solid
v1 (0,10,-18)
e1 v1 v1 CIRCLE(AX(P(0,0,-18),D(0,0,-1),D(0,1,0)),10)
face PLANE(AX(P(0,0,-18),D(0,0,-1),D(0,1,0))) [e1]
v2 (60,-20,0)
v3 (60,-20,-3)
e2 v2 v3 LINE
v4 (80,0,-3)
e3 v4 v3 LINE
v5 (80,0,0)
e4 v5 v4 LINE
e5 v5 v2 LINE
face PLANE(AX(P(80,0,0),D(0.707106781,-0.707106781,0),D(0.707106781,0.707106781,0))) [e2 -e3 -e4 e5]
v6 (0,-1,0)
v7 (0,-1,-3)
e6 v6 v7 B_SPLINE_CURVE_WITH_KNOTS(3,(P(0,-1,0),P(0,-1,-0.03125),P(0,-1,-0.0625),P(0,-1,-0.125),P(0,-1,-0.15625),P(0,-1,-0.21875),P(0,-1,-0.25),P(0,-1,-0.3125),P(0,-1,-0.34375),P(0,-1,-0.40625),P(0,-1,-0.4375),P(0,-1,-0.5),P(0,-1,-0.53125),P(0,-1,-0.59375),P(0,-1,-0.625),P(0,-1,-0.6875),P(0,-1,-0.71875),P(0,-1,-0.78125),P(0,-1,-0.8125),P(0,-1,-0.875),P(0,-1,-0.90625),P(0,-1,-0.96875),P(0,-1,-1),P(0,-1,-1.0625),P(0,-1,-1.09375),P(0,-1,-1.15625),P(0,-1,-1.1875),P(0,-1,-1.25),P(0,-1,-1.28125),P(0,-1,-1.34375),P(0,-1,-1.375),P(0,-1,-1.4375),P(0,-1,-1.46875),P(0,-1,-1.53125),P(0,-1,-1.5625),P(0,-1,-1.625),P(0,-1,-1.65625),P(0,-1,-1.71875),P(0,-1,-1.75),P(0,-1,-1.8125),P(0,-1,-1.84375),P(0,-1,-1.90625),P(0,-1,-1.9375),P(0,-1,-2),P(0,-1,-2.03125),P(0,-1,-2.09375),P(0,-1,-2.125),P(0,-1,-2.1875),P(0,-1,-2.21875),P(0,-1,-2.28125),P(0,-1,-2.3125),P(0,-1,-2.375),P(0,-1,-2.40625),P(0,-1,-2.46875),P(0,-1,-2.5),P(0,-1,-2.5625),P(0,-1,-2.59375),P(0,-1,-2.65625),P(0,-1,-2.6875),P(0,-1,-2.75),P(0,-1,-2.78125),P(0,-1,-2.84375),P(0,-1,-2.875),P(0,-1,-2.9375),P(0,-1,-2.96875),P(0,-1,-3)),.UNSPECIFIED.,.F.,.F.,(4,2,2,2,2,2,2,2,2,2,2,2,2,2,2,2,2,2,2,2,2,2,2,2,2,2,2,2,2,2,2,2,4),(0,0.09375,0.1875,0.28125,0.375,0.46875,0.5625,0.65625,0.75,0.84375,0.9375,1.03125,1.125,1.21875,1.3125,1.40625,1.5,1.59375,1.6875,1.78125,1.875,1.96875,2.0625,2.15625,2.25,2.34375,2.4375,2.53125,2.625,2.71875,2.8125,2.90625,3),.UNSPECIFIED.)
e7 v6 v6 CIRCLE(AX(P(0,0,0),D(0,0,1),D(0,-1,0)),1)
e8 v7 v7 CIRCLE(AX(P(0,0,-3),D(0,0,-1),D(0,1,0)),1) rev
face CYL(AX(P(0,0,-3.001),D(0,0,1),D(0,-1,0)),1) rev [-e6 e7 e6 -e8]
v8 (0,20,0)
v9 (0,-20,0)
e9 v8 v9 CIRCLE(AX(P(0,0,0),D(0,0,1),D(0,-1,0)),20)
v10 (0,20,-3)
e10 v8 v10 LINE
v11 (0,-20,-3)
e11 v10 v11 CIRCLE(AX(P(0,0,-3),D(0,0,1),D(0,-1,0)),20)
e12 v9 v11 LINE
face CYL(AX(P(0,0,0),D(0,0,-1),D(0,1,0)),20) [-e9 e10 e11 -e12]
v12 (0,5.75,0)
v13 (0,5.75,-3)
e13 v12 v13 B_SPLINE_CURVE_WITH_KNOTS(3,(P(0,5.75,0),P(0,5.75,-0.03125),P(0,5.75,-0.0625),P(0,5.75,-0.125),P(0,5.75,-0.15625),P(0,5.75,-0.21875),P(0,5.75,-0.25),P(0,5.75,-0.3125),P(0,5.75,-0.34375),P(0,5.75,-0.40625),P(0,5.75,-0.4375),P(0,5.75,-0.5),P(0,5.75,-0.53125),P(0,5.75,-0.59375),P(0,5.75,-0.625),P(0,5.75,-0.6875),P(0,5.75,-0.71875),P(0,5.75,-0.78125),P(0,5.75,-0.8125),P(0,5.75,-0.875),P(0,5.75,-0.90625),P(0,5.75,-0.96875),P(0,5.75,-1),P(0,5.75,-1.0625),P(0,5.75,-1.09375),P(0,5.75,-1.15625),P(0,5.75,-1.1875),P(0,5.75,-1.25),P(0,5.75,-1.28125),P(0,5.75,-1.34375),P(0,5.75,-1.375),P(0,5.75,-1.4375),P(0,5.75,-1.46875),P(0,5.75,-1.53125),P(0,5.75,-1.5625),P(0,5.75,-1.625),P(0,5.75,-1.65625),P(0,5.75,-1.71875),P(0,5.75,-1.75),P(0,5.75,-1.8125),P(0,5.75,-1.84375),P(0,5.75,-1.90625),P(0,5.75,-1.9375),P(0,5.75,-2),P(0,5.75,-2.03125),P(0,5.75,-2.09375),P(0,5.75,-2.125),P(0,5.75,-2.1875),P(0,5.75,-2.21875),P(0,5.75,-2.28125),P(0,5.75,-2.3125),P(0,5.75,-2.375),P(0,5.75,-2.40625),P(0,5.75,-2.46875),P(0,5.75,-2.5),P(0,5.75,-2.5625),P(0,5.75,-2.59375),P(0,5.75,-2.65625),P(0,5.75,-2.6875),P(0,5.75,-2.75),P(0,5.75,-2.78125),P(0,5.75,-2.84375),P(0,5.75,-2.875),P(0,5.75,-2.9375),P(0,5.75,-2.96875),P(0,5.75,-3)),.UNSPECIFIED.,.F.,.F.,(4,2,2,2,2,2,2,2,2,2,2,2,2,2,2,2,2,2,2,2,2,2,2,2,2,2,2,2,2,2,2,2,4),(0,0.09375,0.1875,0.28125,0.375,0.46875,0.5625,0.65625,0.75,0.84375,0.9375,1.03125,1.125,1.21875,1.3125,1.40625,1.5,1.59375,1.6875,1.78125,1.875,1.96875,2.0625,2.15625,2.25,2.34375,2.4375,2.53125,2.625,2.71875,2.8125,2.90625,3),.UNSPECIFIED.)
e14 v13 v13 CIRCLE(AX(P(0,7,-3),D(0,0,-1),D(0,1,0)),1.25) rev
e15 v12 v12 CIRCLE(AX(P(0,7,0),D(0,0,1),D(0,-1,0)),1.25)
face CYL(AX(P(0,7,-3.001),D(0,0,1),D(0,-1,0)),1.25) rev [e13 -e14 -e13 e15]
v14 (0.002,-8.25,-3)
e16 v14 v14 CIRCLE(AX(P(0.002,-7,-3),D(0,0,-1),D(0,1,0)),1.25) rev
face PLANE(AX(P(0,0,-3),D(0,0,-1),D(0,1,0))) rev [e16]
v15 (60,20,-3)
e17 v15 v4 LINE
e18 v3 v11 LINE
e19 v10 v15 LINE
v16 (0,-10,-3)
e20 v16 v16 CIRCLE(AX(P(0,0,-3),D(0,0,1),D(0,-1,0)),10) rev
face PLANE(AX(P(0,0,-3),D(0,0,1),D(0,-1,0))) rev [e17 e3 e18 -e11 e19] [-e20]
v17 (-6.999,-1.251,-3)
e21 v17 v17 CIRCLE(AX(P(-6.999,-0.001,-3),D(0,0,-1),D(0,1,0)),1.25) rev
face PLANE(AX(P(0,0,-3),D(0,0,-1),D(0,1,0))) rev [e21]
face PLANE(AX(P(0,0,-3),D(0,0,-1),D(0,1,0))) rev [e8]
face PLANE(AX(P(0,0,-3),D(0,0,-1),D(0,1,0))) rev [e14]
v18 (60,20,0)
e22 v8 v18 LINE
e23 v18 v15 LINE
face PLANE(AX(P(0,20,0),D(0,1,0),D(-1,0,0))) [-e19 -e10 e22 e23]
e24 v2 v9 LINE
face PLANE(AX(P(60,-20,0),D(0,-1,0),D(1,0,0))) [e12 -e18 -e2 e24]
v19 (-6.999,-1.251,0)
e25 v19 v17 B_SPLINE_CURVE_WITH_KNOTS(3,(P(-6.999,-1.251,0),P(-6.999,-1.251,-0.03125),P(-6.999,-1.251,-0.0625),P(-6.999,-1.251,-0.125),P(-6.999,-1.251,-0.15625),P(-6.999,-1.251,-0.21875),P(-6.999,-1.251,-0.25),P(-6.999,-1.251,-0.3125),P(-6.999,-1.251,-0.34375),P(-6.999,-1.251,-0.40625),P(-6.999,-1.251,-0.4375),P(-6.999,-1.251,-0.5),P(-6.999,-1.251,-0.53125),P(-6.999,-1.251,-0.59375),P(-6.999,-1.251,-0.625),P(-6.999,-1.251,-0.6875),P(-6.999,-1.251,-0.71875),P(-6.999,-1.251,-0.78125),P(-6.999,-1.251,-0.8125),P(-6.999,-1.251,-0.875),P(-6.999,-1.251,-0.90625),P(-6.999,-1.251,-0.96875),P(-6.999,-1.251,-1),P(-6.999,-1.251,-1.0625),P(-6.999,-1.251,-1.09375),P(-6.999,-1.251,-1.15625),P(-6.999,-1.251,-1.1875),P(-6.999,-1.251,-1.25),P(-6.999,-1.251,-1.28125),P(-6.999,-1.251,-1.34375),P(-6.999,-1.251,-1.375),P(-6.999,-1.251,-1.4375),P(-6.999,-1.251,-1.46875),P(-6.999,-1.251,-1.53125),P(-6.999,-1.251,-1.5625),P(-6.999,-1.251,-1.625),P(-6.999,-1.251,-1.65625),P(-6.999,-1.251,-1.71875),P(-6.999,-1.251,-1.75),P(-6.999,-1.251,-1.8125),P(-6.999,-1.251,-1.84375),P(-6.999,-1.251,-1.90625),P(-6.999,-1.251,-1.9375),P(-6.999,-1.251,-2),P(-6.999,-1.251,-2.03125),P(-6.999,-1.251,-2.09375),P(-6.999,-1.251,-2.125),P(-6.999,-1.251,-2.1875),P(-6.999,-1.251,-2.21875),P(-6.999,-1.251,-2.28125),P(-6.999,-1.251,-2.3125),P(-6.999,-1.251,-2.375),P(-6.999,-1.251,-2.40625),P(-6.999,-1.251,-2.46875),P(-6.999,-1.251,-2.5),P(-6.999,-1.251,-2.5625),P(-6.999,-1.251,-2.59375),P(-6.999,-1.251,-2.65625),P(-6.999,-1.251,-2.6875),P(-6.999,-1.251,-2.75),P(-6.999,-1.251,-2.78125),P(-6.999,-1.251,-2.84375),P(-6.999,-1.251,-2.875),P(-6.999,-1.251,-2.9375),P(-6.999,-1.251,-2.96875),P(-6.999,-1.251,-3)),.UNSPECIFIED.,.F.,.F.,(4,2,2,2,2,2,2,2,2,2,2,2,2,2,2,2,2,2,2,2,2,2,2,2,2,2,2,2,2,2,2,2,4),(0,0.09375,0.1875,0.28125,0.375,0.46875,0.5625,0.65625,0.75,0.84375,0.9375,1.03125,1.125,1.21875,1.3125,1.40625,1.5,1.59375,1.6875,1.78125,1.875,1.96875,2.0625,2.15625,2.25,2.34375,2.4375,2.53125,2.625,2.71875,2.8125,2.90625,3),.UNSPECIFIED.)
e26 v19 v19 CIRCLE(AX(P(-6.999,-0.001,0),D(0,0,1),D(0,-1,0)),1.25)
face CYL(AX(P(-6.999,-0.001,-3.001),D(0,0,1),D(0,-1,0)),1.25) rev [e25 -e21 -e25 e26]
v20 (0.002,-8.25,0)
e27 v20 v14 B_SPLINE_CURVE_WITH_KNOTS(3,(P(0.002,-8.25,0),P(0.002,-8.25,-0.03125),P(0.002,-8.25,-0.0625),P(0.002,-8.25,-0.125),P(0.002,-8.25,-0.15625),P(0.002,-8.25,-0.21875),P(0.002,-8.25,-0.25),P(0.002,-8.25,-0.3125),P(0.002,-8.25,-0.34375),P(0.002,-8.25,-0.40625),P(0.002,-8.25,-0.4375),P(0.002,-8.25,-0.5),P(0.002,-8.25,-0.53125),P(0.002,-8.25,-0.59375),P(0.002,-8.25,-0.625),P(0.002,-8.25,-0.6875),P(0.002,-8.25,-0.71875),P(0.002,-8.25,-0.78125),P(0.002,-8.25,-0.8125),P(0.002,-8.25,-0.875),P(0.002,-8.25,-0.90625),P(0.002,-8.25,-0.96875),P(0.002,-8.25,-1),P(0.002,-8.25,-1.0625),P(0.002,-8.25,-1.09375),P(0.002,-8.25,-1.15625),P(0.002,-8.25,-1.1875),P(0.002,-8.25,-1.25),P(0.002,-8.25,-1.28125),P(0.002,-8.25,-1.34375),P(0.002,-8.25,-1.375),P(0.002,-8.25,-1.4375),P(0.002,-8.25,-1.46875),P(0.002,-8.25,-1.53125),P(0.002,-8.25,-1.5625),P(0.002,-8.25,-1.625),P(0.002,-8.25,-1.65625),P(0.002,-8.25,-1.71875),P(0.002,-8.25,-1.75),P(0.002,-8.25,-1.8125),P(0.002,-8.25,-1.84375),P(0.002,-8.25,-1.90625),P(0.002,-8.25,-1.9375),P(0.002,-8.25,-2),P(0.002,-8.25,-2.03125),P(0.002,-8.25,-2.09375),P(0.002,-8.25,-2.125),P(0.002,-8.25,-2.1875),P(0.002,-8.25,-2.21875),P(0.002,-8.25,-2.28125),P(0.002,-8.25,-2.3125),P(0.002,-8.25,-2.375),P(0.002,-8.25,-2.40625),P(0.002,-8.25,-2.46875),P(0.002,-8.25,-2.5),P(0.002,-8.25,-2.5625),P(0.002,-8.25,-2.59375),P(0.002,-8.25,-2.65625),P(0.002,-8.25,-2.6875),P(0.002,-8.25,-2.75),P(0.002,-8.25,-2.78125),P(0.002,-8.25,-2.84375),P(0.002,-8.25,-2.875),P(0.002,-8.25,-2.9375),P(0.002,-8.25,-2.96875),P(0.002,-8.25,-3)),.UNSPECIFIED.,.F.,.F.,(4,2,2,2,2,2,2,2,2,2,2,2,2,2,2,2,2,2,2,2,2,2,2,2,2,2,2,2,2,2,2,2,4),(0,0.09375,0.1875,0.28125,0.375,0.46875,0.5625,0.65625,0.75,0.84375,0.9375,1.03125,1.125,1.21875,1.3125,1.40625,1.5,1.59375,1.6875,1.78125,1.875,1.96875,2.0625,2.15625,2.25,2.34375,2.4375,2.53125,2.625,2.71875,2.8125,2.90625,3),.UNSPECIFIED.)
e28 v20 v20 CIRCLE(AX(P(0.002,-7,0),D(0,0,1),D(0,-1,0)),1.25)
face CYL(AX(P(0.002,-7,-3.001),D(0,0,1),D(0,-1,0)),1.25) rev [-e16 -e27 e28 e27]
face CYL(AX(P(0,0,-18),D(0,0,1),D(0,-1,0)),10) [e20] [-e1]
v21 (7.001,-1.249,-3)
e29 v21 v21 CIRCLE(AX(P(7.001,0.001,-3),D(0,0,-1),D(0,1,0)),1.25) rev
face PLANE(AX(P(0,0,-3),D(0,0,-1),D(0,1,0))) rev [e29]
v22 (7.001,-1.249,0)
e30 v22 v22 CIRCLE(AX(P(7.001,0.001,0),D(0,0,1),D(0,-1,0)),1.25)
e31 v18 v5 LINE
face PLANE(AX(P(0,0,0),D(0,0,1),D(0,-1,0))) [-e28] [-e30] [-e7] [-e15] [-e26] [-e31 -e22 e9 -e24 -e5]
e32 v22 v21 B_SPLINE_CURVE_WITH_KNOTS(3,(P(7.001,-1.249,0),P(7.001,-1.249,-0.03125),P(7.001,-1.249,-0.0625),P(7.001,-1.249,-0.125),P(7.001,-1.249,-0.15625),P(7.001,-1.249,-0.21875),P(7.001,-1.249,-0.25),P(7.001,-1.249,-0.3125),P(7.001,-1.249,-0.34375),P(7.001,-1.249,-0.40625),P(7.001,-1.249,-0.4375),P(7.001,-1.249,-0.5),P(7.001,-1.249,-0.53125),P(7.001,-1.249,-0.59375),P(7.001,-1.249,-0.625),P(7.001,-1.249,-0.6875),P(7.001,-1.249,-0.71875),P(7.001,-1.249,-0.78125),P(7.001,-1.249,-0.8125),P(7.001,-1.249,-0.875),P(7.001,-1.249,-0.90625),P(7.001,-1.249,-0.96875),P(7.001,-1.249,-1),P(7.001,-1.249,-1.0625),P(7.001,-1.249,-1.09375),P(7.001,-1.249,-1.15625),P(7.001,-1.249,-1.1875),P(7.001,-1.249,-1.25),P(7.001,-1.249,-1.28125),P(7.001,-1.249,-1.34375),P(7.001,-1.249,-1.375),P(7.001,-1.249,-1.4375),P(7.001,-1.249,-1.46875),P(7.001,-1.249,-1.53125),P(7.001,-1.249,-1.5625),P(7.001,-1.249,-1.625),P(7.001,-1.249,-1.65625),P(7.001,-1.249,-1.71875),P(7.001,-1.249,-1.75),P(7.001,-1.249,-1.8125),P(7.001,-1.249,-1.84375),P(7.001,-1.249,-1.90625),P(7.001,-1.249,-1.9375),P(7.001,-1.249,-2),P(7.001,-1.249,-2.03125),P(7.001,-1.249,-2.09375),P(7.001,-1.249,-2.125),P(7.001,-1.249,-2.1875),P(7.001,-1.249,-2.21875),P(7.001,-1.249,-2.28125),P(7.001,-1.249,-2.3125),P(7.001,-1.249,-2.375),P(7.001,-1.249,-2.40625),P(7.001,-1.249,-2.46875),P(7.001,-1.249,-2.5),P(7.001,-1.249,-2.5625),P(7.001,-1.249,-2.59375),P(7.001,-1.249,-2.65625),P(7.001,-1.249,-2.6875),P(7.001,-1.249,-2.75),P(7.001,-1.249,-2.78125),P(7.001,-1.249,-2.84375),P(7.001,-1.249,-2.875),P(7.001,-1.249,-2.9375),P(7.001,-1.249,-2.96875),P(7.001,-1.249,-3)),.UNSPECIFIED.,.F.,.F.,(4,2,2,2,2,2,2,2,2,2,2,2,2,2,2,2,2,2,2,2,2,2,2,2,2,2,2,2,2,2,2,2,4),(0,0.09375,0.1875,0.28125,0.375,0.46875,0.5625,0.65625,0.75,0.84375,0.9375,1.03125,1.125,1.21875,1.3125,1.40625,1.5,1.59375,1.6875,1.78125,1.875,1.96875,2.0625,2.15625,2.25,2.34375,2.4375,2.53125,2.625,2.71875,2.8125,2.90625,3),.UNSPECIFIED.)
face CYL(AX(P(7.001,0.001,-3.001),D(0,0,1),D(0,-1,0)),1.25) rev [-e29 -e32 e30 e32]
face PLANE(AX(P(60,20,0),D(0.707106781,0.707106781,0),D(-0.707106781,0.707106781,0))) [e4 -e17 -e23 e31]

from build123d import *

# Parameters (mm, degrees)
BOSS_EXTRUDE1_DEPTH   = 3
CUT_EXTRUDE1_REACH    = 84.517
SKETCH2_R             = 1
SKETCH2_R_2           = 1.25
SKETCH3_R             = 10
BOSS_EXTRUDE2_DEPTH   = 15
BODY_MOVE_COPY2_ANGLE = 90


with BuildPart() as part:
    # Sketch1 → Boss-Extrude1 (new body)
    with BuildSketch(Plane(origin=(0, 0, 0), x_dir=(1, 0, 0), z_dir=(0, 1, 0))):
        with BuildLine():
            Line((60, -20), (0, -20))
            ThreePointArc((0, -20), (-20, 0), (0, 20))
            Line((0, 20), (60, 20))
            Line((60, 20), (80, 0))
            Line((80, 0), (60, -20))
        make_face()
    extrude(amount=BOSS_EXTRUDE1_DEPTH)

    # Sketch2 → Cut-Extrude1 (cut, up to next)
    with BuildSketch(Plane(origin=(0, 3, 0), x_dir=(1, 0, 0), z_dir=(0, 1, 0)), mode=Mode.PRIVATE) as cut_extrude1_sk1:
        with Locations(Location((0, 0, 0), (0, 0, 270))):
            Circle(SKETCH2_R)
    cut_extrude1_tool1 = extrude(cut_extrude1_sk1.sketch, amount=-CUT_EXTRUDE1_REACH, mode=Mode.PRIVATE) & part.part
    # Sketch2 → Cut-Extrude1 (cut, up to next)
    with BuildSketch(Plane(origin=(0, 3, 0), x_dir=(1, 0, 0), z_dir=(0, 1, 0)), mode=Mode.PRIVATE) as cut_extrude1_sk2:
        with Locations(Location((0, 7, 0), (0, 0, 270))):
            Circle(SKETCH2_R_2)
    cut_extrude1_tool2 = extrude(cut_extrude1_sk2.sketch, amount=-CUT_EXTRUDE1_REACH, mode=Mode.PRIVATE) & part.part
    # Sketch2 → Cut-Extrude1 (cut, up to next)
    with BuildSketch(Plane(origin=(0, 3, 0), x_dir=(1, 0, 0), z_dir=(0, 1, 0)), mode=Mode.PRIVATE) as cut_extrude1_sk3:
        with Locations(Location((7.001, 0.001, 0), (0, 0, 270))):
            Circle(SKETCH2_R_2)
    cut_extrude1_tool3 = extrude(cut_extrude1_sk3.sketch, amount=-CUT_EXTRUDE1_REACH, mode=Mode.PRIVATE) & part.part
    # Sketch2 → Cut-Extrude1 (cut, up to next)
    with BuildSketch(Plane(origin=(0, 3, 0), x_dir=(1, 0, 0), z_dir=(0, 1, 0)), mode=Mode.PRIVATE) as cut_extrude1_sk4:
        with Locations(Location((0.002, -7, 0), (0, 0, 270))):
            Circle(SKETCH2_R_2)
    cut_extrude1_tool4 = extrude(cut_extrude1_sk4.sketch, amount=-CUT_EXTRUDE1_REACH, mode=Mode.PRIVATE) & part.part
    # Sketch2 → Cut-Extrude1 (cut, up to next)
    with BuildSketch(Plane(origin=(0, 3, 0), x_dir=(1, 0, 0), z_dir=(0, 1, 0)), mode=Mode.PRIVATE) as cut_extrude1_sk5:
        with Locations(Location((-6.999, -0.001, 0), (0, 0, 270))):
            Circle(SKETCH2_R_2)
    cut_extrude1_tool5 = extrude(cut_extrude1_sk5.sketch, amount=-CUT_EXTRUDE1_REACH, mode=Mode.PRIVATE) & part.part
    add(cut_extrude1_tool1.solids().sort_by_distance((0, 3, 0))[0], mode=Mode.SUBTRACT)
    add(cut_extrude1_tool2.solids().sort_by_distance((0, 3, -7))[0], mode=Mode.SUBTRACT)
    add(cut_extrude1_tool3.solids().sort_by_distance((7.001, 3, -0.001))[0], mode=Mode.SUBTRACT)
    add(cut_extrude1_tool4.solids().sort_by_distance((0.002, 3, 7))[0], mode=Mode.SUBTRACT)
    add(cut_extrude1_tool5.solids().sort_by_distance((-6.999, 3, 0.001))[0], mode=Mode.SUBTRACT)

    # Sketch3 → Boss-Extrude2 (add)
    with BuildSketch(Plane.XZ):
        with Locations(Location((0, 0, 0), (0, 0, 90))):
            Circle(SKETCH3_R)
    extrude(amount=BOSS_EXTRUDE2_DEPTH)


with BuildPart() as part_1:
    # Body-Move/Copy2: moved
    add(part.part.rotate(Axis((0, 0, 0), (1, 0, 0)), BODY_MOVE_COPY2_ANGLE))


with BuildPart() as part_2:
    # Body-Move/Copy3: moved
    add(part_1.part.moved(Location((0, 0, -3))))


solid = part_2.part
